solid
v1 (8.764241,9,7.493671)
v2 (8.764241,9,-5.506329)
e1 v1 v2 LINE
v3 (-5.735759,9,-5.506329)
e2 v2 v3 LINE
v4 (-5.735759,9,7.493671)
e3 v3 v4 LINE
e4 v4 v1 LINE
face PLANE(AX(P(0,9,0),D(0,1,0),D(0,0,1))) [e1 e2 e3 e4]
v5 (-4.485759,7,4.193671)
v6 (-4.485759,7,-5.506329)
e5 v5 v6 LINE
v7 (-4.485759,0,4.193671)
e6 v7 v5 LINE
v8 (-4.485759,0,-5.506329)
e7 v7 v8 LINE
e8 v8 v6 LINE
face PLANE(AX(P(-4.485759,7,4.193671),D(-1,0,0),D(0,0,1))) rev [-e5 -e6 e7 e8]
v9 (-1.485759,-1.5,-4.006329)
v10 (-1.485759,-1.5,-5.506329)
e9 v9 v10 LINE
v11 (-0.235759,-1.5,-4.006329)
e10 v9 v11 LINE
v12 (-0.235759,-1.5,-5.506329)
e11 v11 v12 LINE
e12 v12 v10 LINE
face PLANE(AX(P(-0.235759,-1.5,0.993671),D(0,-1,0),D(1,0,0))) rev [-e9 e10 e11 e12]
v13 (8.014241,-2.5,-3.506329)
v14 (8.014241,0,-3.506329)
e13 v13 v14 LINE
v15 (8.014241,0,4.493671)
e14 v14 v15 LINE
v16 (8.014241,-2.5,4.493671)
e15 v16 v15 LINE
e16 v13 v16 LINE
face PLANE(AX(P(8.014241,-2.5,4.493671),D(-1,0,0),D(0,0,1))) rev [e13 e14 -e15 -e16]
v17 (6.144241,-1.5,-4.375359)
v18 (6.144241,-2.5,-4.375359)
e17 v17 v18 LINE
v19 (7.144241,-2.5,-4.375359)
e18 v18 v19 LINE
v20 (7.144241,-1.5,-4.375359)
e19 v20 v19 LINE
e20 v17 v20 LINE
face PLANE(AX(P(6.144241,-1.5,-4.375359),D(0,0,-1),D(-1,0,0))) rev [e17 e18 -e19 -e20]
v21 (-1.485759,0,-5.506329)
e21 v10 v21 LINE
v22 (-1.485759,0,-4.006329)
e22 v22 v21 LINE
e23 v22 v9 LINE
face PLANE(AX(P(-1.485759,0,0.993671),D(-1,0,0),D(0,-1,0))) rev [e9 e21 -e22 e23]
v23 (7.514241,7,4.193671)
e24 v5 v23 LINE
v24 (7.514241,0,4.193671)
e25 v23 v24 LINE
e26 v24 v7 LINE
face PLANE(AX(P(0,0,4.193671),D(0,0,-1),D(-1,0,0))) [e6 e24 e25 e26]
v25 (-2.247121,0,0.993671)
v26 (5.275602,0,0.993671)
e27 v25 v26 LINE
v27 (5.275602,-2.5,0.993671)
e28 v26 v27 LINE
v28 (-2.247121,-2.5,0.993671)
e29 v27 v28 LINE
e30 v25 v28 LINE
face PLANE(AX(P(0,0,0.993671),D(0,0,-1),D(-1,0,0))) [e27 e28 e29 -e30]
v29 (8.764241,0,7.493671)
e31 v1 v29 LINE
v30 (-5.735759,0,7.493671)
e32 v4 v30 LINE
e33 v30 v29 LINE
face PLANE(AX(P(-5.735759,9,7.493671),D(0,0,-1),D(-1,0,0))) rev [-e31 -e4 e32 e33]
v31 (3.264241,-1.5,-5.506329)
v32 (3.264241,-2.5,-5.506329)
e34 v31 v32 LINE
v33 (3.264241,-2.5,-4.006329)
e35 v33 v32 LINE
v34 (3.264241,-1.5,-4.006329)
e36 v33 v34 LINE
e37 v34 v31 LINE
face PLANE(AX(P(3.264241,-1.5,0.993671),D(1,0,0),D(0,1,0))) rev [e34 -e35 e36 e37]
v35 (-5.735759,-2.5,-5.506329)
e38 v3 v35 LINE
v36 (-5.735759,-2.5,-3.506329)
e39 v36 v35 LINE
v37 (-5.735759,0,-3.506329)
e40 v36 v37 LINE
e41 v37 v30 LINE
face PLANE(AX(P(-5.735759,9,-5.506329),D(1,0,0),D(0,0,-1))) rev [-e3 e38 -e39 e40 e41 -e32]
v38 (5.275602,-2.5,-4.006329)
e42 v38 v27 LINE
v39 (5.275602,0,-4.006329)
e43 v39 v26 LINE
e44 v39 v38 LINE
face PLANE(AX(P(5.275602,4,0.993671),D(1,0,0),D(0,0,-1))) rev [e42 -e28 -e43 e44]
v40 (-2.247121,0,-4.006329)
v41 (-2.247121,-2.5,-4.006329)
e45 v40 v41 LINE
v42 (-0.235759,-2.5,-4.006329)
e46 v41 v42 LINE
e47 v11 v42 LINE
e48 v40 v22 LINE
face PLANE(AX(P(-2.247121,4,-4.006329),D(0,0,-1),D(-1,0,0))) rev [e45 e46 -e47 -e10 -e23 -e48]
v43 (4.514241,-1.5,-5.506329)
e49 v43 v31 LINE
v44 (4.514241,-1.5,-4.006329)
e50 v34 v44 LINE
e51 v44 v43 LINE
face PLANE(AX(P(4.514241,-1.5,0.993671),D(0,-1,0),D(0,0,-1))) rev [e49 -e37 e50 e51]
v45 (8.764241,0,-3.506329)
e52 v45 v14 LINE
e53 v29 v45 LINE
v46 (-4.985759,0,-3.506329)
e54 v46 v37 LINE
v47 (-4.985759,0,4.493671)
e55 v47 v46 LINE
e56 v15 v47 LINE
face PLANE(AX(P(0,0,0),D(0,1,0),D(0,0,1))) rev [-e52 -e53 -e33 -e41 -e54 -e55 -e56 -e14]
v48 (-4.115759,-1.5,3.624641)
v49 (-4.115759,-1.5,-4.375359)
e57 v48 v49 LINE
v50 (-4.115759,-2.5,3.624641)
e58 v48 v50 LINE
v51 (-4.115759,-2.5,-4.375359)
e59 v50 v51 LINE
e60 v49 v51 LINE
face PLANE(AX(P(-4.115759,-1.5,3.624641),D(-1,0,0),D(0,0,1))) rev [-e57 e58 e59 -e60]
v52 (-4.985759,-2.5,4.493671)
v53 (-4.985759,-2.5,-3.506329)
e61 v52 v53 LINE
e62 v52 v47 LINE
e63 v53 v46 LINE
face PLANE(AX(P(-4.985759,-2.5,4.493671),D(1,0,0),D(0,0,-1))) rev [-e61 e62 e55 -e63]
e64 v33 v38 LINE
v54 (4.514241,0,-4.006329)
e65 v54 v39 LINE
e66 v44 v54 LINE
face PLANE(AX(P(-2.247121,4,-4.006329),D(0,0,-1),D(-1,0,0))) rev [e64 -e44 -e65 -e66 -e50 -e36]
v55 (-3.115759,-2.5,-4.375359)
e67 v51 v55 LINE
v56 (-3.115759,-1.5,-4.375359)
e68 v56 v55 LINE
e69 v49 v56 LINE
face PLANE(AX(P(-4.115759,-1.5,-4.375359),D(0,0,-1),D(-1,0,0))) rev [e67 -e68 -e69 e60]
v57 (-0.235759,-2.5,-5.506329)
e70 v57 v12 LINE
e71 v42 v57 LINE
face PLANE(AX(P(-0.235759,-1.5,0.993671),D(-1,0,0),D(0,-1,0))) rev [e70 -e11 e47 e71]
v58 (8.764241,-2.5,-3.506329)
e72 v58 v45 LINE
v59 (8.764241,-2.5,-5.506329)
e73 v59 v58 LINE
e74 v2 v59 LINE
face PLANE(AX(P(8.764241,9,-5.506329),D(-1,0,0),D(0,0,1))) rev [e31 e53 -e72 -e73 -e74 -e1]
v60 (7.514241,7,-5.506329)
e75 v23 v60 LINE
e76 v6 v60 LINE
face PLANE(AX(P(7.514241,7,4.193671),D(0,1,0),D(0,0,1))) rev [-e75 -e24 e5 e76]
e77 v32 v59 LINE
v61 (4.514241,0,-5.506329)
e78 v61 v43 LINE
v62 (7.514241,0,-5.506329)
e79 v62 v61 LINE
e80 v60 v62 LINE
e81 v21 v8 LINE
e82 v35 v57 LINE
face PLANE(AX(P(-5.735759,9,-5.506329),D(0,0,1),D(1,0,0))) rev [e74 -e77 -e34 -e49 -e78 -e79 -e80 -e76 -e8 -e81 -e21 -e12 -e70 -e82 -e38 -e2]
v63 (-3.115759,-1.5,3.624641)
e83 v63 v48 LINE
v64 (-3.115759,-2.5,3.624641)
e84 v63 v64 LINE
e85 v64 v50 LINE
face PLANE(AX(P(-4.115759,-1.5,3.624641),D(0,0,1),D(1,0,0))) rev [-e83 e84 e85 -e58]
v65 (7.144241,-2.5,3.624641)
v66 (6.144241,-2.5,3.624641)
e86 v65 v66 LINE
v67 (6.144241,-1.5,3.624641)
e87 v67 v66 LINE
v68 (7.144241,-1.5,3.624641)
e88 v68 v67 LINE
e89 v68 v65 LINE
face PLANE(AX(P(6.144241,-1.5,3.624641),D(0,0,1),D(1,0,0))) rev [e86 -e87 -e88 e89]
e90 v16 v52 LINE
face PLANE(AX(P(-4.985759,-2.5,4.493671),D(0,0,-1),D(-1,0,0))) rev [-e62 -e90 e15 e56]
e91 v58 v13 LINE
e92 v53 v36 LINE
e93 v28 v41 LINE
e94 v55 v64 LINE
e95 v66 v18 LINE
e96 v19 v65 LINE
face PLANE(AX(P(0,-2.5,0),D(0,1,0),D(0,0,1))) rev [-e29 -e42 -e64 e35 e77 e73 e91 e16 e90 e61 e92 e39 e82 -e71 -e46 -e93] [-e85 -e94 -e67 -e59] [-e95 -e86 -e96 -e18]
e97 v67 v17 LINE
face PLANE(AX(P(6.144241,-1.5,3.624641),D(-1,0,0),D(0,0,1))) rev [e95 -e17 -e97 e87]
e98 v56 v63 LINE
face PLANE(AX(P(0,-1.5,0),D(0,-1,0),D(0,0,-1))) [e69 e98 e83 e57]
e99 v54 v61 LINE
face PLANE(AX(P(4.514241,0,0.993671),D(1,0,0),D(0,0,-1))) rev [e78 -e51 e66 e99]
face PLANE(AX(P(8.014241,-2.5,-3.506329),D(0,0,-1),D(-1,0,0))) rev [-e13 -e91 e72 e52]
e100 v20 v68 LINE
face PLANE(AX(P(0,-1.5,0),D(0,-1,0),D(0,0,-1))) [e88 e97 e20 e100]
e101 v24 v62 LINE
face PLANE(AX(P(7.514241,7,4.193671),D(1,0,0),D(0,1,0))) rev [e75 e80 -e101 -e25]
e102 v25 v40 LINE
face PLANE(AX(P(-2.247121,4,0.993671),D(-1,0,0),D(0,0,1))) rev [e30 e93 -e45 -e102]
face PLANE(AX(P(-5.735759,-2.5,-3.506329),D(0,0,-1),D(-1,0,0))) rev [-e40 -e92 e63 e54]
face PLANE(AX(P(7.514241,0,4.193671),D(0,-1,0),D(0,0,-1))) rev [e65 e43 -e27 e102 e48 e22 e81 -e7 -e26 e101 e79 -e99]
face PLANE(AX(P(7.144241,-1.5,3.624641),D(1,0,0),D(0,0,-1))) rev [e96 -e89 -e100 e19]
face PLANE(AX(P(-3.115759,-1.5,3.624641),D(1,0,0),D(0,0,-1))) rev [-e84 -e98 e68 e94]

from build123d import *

# Parameters (mm, degrees)
SKETCH_1_W          = 14.5
SKETCH_1_H          = 13
EXTRUDE_1_DEPTH     = 9
EXTRUDE_2_DEPTH     = 2.5
SKETCH_3_W          = 12
SKETCH_3_H          = 7
CUT_EXTRUDE_1_DEPTH = 9.7
CUT_EXTRUDE_2_DEPTH = 6.5
SKETCH_5_W          = 7.522723779
SKETCH_5_H          = 5
CUT_EXTRUDE_3_DEPTH = 6.5
SKETCH_6_W          = 1
SKETCH_6_H          = 8
CUT_EXTRUDE_4_DEPTH = 1


with BuildPart() as part:
    # 草图1 → 凸台-拉伸1 (new body)
    with BuildSketch(Plane(origin=(0, 0, 0), x_dir=(1, 0, 0), z_dir=(0, 1, 0))):
        with Locations((1.514240506, -0.993670886)):
            Rectangle(SKETCH_1_W, SKETCH_1_H)
    extrude(amount=EXTRUDE_1_DEPTH)

    # 草图2 → 凸台-拉伸2 (add)
    with BuildSketch(Plane.XZ):
        Polygon((-5.735759494, -3.506329114), (-5.735759494, -5.506329114), (8.764240506, -5.506329114), (8.764240506, -3.506329114), (8.014240506, -3.506329114), (8.014240506, 4.493670886), (-4.985759494, 4.493670886), (-4.985759494, -3.506329114), align=None)
    extrude(amount=EXTRUDE_2_DEPTH)

    # 草图3 → 切除-拉伸1 (cut)
    with BuildSketch(Plane(origin=(0, 0, -5.506329114), x_dir=(-1, 0, 0), z_dir=(0, 0, -1))):
        with Locations((-1.514240506, 3.5)):
            Rectangle(SKETCH_3_W, SKETCH_3_H)
    extrude(amount=-CUT_EXTRUDE_1_DEPTH, mode=Mode.SUBTRACT)

    # 草图4 → 切除-拉伸2 (cut)
    with BuildSketch(Plane(origin=(0, 0, -5.506329114), x_dir=(-1, 0, 0), z_dir=(0, 0, -1))):
        Polygon((-4.514240506, 0), (1.485759494, 0), (1.485759494, -1.5), (0.235759494, -1.5), (0.235759494, -2.5), (-3.264240506, -2.5), (-3.264240506, -1.5), (-4.514240506, -1.5), align=None)
    extrude(amount=-CUT_EXTRUDE_2_DEPTH, mode=Mode.SUBTRACT)

    # 草图5 → 切除-拉伸3 (cut)
    with BuildSketch(Plane.XZ.offset(2.5)):
        with Locations((1.514240506, -1.506329114)):
            Rectangle(SKETCH_5_W, SKETCH_5_H)
    extrude(amount=-CUT_EXTRUDE_3_DEPTH, mode=Mode.SUBTRACT)

    # 草图6 → 切除-拉伸4 (cut)
    with BuildSketch(Plane.XZ.offset(2.5)):
        with Locations((-3.615759494, -0.375358935)):
            Rectangle(SKETCH_6_W, SKETCH_6_H)
        with Locations((6.644240506, -0.375358935)):
            Rectangle(SKETCH_6_W, SKETCH_6_H)
    extrude(amount=-CUT_EXTRUDE_4_DEPTH, mode=Mode.SUBTRACT)


solid = part.part
